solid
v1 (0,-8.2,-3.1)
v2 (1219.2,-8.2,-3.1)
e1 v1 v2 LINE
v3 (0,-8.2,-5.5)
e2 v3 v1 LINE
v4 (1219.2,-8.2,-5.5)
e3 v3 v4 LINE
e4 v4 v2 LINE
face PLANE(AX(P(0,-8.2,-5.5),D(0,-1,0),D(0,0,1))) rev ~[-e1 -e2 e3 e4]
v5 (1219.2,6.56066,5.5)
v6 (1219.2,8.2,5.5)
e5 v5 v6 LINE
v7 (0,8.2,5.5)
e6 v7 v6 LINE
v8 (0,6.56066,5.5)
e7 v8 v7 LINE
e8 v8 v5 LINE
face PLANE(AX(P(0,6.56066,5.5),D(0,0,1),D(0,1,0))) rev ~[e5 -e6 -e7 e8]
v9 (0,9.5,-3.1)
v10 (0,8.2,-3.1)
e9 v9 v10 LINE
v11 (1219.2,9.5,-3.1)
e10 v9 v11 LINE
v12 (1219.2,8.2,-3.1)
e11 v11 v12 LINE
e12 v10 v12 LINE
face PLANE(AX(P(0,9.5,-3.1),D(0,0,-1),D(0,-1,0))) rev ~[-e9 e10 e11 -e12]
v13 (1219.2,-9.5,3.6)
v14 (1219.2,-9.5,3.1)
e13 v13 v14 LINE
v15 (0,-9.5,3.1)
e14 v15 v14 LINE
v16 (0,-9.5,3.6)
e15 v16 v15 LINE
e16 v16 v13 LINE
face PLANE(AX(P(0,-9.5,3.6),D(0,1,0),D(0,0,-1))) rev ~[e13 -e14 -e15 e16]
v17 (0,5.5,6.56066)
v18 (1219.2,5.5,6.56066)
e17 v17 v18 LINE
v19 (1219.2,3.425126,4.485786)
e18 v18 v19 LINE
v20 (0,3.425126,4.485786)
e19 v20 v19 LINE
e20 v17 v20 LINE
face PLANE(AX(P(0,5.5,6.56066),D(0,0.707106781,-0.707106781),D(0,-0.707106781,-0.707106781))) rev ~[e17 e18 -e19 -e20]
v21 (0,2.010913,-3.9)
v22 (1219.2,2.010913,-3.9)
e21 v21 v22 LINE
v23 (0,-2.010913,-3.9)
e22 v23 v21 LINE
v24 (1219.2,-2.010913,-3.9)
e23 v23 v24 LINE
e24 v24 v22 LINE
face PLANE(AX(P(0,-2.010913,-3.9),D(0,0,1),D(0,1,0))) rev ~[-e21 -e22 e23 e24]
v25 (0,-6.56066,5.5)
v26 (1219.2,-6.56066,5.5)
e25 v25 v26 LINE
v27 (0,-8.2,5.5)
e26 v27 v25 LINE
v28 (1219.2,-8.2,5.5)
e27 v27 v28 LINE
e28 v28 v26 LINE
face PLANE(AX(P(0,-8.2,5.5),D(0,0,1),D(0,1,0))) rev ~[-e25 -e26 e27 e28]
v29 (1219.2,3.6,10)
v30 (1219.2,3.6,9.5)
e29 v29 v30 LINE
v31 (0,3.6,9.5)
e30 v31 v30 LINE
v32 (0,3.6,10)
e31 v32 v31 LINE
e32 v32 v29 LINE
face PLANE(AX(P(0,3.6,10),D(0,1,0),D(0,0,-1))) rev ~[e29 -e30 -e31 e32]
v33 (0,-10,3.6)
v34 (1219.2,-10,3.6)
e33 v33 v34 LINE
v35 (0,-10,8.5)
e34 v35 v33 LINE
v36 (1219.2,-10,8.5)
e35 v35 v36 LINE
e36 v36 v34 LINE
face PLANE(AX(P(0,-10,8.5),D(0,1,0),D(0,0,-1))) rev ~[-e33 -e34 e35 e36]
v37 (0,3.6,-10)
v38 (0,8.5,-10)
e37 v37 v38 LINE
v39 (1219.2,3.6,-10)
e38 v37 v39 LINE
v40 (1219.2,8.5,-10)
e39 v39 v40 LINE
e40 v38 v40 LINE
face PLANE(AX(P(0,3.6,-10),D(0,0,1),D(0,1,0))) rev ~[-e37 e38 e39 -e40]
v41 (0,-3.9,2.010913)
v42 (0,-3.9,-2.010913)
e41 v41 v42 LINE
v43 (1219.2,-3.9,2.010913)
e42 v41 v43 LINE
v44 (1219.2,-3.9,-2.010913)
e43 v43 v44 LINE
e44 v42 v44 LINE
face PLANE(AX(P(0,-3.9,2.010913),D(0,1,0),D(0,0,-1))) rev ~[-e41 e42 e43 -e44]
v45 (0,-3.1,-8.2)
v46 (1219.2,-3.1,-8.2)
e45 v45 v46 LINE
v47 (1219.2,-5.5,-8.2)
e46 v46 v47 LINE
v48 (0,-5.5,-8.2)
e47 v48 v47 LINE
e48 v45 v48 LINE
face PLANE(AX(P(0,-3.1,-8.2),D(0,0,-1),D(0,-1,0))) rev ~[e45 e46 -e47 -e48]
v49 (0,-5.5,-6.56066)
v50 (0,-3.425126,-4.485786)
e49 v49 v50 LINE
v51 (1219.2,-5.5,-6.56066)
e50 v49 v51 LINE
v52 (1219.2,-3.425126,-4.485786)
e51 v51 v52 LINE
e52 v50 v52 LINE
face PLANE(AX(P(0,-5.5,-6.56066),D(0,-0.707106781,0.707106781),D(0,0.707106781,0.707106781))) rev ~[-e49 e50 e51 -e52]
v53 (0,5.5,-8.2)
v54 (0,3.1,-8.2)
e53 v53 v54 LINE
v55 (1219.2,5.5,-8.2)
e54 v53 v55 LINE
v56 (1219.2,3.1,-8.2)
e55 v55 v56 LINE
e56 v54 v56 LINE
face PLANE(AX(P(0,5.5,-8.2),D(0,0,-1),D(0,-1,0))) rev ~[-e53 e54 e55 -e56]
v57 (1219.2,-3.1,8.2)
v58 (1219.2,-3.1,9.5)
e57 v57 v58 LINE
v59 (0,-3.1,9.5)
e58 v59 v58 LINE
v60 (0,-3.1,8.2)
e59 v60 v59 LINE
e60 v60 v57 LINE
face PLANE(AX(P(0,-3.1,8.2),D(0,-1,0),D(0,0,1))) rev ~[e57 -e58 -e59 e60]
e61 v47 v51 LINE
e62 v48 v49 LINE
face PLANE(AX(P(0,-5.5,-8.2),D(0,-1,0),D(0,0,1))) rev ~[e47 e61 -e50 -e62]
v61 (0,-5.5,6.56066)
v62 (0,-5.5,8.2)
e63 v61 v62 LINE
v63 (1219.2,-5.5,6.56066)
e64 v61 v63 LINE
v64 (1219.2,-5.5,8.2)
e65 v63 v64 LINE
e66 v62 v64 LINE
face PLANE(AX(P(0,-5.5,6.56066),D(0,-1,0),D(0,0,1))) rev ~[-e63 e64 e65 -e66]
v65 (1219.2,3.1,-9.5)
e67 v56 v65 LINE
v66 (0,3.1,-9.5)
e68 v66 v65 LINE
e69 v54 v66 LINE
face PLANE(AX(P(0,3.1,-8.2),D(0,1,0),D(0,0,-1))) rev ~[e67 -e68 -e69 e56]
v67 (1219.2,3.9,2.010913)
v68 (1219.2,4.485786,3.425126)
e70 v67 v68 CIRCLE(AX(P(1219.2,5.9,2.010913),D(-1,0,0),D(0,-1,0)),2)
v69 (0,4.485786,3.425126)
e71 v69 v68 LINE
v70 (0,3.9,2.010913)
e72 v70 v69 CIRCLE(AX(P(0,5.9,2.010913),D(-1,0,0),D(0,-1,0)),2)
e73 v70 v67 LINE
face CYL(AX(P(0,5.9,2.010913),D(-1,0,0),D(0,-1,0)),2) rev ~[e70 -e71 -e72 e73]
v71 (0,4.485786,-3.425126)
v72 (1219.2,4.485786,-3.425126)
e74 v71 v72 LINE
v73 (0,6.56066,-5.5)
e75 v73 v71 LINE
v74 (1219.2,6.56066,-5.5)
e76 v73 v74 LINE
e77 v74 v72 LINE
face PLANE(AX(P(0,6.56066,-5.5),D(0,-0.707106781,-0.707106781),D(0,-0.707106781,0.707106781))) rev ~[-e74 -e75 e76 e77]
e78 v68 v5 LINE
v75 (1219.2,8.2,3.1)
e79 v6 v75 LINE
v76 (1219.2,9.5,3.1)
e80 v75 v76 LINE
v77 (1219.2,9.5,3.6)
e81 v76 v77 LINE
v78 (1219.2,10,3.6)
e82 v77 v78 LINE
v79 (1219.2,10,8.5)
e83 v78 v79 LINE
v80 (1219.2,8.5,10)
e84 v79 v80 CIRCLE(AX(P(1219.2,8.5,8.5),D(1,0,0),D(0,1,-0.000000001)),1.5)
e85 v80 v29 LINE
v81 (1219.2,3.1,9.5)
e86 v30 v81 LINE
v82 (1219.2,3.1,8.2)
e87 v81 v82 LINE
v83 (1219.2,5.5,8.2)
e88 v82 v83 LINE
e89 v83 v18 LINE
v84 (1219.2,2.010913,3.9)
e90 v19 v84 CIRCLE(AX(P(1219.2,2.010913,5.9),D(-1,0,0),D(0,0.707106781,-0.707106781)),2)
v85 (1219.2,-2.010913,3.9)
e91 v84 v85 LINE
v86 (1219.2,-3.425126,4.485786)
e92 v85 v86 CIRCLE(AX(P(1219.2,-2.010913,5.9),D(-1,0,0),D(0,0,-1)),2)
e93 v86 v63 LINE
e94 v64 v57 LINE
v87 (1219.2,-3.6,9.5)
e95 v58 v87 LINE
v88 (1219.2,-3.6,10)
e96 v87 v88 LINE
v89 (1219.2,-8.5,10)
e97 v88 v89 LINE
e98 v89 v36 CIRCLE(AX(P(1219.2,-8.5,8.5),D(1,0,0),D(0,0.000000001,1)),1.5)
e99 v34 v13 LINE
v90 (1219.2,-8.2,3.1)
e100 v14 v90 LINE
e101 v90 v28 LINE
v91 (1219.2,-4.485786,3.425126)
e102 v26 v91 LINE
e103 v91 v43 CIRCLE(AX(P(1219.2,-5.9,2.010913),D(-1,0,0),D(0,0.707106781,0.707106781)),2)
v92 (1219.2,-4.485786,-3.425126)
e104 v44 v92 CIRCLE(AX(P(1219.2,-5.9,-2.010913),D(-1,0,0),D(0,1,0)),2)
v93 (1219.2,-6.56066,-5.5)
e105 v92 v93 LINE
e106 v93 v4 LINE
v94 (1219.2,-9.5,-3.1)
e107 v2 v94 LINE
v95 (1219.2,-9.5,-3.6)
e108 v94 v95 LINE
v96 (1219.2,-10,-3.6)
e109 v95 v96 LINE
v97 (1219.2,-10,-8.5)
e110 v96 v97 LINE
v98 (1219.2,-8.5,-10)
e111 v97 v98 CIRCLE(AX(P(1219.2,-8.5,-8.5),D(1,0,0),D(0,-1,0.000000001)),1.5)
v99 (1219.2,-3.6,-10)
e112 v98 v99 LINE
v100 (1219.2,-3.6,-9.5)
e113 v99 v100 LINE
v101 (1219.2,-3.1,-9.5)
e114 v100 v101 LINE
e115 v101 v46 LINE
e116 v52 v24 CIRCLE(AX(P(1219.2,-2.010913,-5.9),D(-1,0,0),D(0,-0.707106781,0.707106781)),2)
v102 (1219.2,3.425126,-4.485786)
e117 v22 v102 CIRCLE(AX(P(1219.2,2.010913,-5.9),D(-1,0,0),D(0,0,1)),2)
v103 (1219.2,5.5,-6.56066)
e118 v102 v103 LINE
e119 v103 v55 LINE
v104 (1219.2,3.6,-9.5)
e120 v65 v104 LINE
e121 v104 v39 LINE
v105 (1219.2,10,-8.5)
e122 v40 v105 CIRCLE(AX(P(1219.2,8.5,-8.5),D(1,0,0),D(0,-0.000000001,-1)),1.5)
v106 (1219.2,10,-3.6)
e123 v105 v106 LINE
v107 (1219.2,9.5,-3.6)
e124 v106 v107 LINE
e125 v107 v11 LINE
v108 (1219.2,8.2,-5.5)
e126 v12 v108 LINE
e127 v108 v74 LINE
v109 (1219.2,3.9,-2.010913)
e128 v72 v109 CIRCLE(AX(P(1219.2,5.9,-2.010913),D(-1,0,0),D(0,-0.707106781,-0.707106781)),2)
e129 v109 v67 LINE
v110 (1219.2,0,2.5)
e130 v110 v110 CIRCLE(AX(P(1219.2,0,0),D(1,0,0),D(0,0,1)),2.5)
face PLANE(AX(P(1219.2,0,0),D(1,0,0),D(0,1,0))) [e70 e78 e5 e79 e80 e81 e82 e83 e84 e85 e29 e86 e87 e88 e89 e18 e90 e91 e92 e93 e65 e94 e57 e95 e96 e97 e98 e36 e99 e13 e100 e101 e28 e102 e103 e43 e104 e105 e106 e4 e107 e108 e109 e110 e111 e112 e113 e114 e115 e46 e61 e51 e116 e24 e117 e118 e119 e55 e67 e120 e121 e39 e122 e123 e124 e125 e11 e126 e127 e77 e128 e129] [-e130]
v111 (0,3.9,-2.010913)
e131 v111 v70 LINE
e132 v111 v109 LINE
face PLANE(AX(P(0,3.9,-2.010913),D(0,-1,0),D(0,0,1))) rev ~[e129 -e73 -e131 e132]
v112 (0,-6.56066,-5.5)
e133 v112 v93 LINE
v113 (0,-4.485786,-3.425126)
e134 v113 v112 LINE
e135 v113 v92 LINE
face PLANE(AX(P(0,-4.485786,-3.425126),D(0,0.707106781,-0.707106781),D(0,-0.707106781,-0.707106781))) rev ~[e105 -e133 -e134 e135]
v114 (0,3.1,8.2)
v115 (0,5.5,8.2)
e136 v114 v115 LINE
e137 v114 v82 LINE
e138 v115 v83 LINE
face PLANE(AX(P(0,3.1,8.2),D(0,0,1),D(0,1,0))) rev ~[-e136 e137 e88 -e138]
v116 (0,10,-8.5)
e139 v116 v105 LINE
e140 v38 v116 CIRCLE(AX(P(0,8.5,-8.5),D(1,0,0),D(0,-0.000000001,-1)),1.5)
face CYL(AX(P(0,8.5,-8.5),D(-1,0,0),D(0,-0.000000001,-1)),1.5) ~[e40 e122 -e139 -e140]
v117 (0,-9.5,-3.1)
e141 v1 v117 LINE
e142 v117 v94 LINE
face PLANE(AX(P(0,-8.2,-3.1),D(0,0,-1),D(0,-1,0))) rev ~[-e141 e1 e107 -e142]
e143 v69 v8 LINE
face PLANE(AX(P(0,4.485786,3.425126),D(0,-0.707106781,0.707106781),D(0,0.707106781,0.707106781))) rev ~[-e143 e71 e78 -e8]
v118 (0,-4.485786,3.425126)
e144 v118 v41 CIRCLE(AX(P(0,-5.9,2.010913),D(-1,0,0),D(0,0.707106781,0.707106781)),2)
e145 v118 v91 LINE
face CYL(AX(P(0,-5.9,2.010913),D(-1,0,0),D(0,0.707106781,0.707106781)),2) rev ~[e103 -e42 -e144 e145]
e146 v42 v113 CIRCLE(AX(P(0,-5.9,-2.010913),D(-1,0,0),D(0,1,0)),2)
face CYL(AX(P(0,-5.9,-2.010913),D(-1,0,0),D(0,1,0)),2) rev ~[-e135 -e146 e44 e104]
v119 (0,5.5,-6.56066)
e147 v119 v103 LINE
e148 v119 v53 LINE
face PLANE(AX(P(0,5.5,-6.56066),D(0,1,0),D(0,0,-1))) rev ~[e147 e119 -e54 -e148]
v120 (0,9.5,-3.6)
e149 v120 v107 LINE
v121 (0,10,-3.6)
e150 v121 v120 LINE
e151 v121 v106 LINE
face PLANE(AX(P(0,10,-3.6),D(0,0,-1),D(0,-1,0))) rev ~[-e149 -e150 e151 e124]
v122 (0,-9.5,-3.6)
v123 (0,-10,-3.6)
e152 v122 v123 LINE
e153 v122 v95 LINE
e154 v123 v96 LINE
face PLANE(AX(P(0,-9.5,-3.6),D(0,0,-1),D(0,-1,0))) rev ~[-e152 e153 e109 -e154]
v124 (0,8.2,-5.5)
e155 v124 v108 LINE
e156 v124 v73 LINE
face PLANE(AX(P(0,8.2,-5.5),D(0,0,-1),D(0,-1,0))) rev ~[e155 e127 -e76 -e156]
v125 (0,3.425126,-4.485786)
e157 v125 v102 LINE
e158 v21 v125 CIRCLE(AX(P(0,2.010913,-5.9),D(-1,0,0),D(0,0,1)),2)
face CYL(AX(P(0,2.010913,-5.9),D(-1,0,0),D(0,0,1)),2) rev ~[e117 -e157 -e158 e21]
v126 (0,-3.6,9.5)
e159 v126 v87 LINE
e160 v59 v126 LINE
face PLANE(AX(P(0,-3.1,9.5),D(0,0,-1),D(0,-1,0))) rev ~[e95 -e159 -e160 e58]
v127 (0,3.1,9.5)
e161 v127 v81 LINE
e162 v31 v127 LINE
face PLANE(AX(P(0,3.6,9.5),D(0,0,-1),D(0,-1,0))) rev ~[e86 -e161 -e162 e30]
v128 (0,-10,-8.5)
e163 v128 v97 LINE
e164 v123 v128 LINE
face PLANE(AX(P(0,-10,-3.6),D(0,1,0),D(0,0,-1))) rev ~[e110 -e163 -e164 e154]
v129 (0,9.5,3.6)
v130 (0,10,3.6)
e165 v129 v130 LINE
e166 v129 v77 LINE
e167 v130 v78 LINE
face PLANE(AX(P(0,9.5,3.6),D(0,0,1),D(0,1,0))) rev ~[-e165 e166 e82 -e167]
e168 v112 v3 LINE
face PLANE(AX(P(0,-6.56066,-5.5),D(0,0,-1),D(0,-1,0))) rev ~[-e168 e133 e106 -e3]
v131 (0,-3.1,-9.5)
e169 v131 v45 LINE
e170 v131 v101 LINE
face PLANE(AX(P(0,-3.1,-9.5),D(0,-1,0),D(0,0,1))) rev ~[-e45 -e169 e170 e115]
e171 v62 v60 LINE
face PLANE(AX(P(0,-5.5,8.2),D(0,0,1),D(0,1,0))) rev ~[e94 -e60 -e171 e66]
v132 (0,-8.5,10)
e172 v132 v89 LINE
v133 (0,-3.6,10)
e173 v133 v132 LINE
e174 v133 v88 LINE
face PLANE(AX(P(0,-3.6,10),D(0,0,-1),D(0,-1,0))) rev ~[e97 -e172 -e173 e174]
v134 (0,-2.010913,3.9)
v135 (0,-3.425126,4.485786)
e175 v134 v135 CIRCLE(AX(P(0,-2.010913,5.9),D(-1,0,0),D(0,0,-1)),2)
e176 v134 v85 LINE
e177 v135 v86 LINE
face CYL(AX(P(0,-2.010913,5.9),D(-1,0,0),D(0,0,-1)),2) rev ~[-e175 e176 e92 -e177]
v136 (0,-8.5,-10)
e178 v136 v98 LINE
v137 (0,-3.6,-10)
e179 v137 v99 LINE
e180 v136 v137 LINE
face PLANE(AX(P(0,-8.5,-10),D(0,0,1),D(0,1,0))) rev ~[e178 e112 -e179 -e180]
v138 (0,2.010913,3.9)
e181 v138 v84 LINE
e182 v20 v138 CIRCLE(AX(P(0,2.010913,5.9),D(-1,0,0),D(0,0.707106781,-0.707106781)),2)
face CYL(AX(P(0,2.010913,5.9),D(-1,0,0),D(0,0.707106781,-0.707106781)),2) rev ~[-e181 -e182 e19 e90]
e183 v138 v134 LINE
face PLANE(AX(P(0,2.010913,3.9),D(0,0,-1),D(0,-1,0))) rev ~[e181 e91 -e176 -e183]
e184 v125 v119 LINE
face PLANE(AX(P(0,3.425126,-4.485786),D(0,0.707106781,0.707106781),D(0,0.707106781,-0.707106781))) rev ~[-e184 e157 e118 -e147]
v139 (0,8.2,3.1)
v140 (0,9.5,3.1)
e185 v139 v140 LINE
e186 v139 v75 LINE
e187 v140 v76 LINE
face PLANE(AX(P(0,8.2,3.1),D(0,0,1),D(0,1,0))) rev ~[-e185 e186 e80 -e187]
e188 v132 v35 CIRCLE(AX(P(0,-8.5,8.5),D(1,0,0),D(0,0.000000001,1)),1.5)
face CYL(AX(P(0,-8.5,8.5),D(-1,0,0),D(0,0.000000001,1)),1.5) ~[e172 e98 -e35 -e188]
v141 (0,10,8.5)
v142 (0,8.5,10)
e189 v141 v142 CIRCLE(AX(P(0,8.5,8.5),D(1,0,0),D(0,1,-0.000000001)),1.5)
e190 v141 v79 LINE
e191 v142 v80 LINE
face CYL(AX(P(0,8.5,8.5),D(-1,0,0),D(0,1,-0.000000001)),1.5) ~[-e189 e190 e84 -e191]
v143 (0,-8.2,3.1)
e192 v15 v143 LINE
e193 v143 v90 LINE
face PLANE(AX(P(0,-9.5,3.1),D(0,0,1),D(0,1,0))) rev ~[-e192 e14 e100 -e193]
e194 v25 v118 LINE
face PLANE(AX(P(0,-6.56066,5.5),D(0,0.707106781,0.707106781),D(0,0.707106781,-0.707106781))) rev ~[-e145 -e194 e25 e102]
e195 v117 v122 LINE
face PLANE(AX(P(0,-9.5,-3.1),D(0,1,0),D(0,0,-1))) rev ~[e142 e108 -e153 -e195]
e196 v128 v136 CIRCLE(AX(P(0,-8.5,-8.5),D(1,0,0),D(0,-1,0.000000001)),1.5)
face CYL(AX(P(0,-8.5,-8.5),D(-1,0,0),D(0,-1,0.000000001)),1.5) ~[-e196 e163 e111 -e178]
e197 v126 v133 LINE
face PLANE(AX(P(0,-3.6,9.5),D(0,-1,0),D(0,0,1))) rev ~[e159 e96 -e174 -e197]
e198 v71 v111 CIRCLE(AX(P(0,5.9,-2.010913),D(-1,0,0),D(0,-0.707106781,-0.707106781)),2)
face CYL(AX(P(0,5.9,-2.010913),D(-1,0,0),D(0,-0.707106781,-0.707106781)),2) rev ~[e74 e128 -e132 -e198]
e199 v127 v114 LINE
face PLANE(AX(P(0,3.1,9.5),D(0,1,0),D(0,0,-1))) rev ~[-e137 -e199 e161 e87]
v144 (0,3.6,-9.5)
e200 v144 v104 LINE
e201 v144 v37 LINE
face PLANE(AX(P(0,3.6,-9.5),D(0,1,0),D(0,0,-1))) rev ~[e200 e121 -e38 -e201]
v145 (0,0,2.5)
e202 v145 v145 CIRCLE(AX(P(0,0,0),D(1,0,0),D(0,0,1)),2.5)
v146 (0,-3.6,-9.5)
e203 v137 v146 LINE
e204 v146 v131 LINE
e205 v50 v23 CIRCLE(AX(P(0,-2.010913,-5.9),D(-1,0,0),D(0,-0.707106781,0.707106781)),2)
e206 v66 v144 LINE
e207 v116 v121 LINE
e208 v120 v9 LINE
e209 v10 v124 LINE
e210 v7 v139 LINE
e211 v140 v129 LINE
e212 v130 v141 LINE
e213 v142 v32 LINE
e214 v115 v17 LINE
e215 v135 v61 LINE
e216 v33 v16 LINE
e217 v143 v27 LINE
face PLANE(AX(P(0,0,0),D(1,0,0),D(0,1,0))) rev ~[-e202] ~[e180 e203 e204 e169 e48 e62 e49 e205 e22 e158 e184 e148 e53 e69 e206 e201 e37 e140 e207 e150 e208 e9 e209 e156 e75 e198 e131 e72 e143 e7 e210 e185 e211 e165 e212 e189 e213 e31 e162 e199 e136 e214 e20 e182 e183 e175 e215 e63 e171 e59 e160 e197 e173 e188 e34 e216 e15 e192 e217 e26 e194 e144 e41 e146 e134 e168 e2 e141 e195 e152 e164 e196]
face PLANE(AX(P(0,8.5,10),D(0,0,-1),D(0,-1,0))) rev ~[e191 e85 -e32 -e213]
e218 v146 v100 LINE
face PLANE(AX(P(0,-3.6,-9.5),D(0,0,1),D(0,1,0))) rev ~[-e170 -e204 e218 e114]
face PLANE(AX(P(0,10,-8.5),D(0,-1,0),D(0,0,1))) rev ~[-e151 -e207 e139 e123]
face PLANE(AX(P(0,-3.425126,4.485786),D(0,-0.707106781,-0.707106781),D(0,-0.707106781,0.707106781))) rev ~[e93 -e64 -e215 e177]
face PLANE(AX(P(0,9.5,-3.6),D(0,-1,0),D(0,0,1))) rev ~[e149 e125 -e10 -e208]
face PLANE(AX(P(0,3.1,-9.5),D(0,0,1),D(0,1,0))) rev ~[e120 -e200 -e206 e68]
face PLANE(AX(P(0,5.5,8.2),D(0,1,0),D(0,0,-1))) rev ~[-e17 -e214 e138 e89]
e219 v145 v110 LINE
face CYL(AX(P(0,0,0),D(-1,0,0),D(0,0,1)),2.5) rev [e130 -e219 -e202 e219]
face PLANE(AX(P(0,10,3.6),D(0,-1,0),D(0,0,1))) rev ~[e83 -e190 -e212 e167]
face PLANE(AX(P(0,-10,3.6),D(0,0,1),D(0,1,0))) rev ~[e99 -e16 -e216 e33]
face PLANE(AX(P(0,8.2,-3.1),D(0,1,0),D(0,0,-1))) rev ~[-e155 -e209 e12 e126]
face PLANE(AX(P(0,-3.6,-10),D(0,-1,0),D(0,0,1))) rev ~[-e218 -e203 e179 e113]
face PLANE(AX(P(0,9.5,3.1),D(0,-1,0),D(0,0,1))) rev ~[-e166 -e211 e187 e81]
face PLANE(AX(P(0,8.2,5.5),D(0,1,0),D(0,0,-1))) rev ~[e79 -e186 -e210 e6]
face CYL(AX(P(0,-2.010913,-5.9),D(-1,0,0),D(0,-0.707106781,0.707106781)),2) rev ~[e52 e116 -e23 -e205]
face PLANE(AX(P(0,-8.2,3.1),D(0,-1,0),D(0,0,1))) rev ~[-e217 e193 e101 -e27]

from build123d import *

# Parameters (mm, degrees)
SKETCH2_R           = 2.5
BOSS_EXTRUDE1_DEPTH = 1219.2


with BuildPart() as part:
    # Sketch2 → Boss-Extrude1 (new body)
    with BuildSketch(Plane.YZ):
        with BuildLine():
            Line((-10, 3.6), (-9.5, 3.6))
            Line((-9.5, 3.6), (-9.5, 3.1))
            Line((-9.5, 3.1), (-8.2, 3.1))
            Line((-8.2, 3.1), (-8.2, 5.5))
            Line((-8.2, 5.5), (-6.560660172, 5.5))
            Line((-6.560660172, 5.5), (-4.485786438, 3.425126266))
            ThreePointArc((-4.485786438, 3.425126266), (-4.052240935, 2.776279568), (-3.9, 2.010912703))
            Line((-3.9, 2.010912703), (-3.9, -2.010912703))
            ThreePointArc((-3.9, -2.010912703), (-4.052240935, -2.776279568), (-4.485786438, -3.425126266))
            Line((-4.485786438, -3.425126266), (-6.560660172, -5.5))
            Line((-6.560660172, -5.5), (-8.2, -5.5))
            Line((-8.2, -5.5), (-8.2, -3.1))
            Line((-8.2, -3.1), (-9.5, -3.1))
            Line((-9.5, -3.1), (-9.5, -3.6))
            Line((-9.5, -3.6), (-10, -3.6))
            Line((-10, -3.6), (-10, -8.5))
            ThreePointArc((-10, -8.5), (-9.560660172, -9.560660172), (-8.5, -10))
            Line((-8.5, -10), (-3.6, -10))
            Line((-3.6, -10), (-3.6, -9.5))
            Line((-3.6, -9.5), (-3.1, -9.5))
            Line((-3.1, -9.5), (-3.1, -8.2))
            Line((-3.1, -8.2), (-5.5, -8.2))
            Line((-5.5, -8.2), (-5.5, -6.560660172))
            Line((-5.5, -6.560660172), (-3.425126266, -4.485786438))
            ThreePointArc((-3.425126266, -4.485786438), (-2.776279568, -4.052240935), (-2.010912703, -3.9))
            Line((-2.010912703, -3.9), (2.010912703, -3.9))
            ThreePointArc((2.010912703, -3.9), (2.776279568, -4.052240935), (3.425126266, -4.485786438))
            Line((3.425126266, -4.485786438), (5.5, -6.560660172))
            Line((5.5, -6.560660172), (5.5, -8.2))
            Line((5.5, -8.2), (3.1, -8.2))
            Line((3.1, -8.2), (3.1, -9.5))
            Line((3.1, -9.5), (3.6, -9.5))
            Line((3.6, -9.5), (3.6, -10))
            Line((3.6, -10), (8.5, -10))
            ThreePointArc((8.5, -10), (9.560660172, -9.560660172), (10, -8.5))
            Line((10, -8.5), (10, -3.6))
            Line((10, -3.6), (9.5, -3.6))
            Line((9.5, -3.6), (9.5, -3.1))
            Line((9.5, -3.1), (8.2, -3.1))
            Line((8.2, -3.1), (8.2, -5.5))
            Line((8.2, -5.5), (6.560660172, -5.5))
            Line((6.560660172, -5.5), (4.485786438, -3.425126266))
            ThreePointArc((4.485786438, -3.425126266), (4.052240935, -2.776279568), (3.9, -2.010912703))
            Line((3.9, -2.010912703), (3.9, 2.010912703))
            ThreePointArc((3.9, 2.010912703), (4.052240935, 2.776279568), (4.485786438, 3.425126266))
            Line((4.485786438, 3.425126266), (6.560660172, 5.5))
            Line((6.560660172, 5.5), (8.2, 5.5))
            Line((8.2, 5.5), (8.2, 3.1))
            Line((8.2, 3.1), (9.5, 3.1))
            Line((9.5, 3.1), (9.5, 3.6))
            Line((9.5, 3.6), (10, 3.6))
            Line((10, 3.6), (10, 8.5))
            ThreePointArc((10, 8.5), (9.560660172, 9.560660172), (8.5, 10))
            Line((8.5, 10), (3.6, 10))
            Line((3.6, 10), (3.6, 9.5))
            Line((3.6, 9.5), (3.1, 9.5))
            Line((3.1, 9.5), (3.1, 8.2))
            Line((3.1, 8.2), (5.5, 8.2))
            Line((5.5, 8.2), (5.5, 6.560660172))
            Line((5.5, 6.560660172), (3.425126266, 4.485786438))
            ThreePointArc((3.425126266, 4.485786438), (2.776279568, 4.052240935), (2.010912703, 3.9))
            Line((2.010912703, 3.9), (-2.010912703, 3.9))
            ThreePointArc((-2.010912703, 3.9), (-2.776279568, 4.052240935), (-3.425126266, 4.485786438))
            Line((-3.425126266, 4.485786438), (-5.5, 6.560660172))
            Line((-5.5, 6.560660172), (-5.5, 8.2))
            Line((-5.5, 8.2), (-3.1, 8.2))
            Line((-3.1, 8.2), (-3.1, 9.5))
            Line((-3.1, 9.5), (-3.6, 9.5))
            Line((-3.6, 9.5), (-3.6, 10))
            Line((-3.6, 10), (-8.5, 10))
            ThreePointArc((-8.5, 10), (-9.560660172, 9.560660172), (-10, 8.5))
            Line((-10, 8.5), (-10, 3.6))
        make_face()
        with Locations(Location((0, 0, 0), (0, 0, 90))):
            Circle(SKETCH2_R, mode=Mode.SUBTRACT)
    extrude(amount=BOSS_EXTRUDE1_DEPTH)


solid = part.part
